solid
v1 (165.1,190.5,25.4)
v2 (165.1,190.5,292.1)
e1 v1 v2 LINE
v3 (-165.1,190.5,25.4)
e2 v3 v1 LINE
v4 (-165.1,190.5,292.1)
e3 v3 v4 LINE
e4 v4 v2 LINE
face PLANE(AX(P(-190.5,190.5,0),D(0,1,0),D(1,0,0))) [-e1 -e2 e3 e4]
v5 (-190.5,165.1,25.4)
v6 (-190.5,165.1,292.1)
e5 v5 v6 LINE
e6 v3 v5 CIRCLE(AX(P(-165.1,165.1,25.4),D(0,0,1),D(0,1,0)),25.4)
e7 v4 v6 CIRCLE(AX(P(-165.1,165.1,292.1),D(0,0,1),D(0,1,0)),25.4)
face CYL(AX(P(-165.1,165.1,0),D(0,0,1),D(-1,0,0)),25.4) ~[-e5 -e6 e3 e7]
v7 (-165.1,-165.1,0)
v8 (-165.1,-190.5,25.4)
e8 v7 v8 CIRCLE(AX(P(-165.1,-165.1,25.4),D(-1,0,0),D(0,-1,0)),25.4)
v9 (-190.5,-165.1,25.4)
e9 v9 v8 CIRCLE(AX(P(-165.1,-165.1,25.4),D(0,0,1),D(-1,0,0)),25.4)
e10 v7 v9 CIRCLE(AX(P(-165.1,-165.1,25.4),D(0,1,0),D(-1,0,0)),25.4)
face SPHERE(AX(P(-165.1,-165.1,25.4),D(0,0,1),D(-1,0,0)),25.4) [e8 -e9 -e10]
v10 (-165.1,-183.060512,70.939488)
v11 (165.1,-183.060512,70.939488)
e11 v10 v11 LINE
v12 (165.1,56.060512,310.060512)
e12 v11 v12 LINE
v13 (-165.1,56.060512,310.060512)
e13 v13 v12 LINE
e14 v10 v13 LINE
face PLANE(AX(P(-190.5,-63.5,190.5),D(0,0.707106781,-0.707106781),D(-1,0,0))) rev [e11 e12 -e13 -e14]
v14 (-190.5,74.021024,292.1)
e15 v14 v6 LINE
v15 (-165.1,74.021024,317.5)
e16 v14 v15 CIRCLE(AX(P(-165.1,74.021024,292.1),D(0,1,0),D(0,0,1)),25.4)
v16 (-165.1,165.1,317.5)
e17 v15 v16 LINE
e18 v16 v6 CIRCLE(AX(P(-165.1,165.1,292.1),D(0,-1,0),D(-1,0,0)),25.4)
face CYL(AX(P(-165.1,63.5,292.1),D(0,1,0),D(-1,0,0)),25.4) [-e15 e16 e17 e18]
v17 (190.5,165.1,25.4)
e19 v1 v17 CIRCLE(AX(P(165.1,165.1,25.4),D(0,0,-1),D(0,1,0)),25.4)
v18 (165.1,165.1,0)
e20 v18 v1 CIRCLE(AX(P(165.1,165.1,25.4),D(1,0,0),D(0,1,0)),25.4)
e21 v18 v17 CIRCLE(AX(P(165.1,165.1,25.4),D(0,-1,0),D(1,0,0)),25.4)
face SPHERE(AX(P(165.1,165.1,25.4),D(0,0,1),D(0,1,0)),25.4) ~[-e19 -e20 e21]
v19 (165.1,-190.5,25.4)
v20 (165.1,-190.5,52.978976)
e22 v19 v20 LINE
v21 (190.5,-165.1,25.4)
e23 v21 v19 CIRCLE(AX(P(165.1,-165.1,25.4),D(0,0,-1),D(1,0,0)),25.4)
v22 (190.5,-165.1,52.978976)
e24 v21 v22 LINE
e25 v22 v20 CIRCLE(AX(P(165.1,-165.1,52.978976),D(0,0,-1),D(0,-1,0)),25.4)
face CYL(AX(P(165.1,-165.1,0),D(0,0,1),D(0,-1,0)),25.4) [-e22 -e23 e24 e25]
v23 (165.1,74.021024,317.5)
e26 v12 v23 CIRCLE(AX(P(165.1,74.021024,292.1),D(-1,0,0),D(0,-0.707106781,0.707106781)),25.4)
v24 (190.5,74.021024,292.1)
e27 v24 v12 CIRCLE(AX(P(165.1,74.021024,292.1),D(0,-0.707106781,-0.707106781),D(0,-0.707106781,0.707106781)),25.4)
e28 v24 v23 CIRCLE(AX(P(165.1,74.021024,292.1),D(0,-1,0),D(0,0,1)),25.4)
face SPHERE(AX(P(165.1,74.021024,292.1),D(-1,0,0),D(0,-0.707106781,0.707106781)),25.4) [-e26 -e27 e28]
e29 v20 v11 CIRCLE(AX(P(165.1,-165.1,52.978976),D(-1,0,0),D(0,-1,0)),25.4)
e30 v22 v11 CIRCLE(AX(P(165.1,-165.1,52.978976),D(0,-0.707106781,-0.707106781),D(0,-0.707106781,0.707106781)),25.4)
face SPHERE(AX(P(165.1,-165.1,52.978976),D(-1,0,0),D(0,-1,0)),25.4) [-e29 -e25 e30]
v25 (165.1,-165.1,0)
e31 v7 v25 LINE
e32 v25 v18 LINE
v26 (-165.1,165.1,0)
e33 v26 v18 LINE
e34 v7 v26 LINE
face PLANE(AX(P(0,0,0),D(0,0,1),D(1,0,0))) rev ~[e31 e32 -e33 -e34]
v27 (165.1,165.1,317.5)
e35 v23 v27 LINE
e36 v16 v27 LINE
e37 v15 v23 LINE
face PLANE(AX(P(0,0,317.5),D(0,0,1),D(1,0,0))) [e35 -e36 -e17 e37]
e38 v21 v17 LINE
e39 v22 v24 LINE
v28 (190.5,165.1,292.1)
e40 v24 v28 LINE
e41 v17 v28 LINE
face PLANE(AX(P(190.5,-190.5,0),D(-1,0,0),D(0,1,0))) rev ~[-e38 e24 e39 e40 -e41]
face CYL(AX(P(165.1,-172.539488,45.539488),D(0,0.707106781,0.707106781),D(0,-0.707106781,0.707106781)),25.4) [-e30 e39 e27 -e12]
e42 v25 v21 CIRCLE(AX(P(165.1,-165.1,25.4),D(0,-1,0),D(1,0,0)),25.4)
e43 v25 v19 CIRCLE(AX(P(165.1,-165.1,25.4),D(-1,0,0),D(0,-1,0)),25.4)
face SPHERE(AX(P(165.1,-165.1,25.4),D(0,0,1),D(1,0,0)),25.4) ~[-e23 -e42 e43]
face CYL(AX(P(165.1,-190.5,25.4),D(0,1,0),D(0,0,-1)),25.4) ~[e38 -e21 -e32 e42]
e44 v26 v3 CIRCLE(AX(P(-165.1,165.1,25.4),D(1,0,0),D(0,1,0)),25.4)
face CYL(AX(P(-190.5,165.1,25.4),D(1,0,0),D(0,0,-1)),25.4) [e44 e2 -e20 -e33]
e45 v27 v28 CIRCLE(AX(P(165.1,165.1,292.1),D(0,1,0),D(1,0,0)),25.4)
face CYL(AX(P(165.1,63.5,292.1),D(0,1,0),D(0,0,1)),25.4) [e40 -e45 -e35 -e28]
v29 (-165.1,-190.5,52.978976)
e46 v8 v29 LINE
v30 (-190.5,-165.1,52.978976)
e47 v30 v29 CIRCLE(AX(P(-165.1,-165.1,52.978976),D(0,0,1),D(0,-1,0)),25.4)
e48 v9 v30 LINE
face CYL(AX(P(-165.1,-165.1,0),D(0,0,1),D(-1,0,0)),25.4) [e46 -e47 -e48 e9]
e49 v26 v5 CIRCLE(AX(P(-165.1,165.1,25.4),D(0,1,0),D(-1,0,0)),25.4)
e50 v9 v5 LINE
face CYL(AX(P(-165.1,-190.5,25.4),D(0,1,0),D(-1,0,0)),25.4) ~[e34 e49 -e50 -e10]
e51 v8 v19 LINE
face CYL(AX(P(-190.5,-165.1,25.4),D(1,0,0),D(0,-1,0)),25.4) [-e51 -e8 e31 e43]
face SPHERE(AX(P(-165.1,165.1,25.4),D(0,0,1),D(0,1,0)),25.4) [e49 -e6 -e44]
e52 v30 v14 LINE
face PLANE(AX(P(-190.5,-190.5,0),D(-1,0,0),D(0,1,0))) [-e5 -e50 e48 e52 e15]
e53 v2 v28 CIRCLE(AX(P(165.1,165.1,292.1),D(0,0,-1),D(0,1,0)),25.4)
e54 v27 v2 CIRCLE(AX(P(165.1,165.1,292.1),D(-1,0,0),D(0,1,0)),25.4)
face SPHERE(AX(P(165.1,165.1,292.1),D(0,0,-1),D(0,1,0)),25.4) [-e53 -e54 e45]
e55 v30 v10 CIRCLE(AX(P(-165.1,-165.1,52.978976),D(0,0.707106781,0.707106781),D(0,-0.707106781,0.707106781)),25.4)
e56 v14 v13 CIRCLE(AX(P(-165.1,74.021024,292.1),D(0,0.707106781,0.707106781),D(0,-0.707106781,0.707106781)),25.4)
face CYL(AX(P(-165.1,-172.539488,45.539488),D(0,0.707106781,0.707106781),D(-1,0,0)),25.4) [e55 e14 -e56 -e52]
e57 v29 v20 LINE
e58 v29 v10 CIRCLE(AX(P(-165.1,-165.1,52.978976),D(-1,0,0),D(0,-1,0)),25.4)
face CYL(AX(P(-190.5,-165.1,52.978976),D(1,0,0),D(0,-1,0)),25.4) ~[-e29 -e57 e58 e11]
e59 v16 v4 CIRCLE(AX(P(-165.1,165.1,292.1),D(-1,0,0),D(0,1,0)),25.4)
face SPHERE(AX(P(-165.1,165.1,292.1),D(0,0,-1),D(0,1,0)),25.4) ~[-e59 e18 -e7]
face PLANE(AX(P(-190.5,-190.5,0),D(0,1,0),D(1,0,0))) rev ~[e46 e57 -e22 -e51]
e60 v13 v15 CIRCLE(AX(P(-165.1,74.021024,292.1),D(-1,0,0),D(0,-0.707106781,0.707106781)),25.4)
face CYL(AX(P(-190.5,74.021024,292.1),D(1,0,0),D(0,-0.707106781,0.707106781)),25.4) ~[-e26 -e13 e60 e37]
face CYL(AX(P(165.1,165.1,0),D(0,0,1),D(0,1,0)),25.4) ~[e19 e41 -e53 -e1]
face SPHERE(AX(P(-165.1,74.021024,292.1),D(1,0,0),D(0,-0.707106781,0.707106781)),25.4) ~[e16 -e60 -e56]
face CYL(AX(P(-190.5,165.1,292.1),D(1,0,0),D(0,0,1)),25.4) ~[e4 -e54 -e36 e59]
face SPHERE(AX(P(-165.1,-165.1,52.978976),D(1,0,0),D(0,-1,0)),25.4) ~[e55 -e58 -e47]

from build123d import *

# Parameters (mm, degrees)
F0_W     = 381
F0_H     = 381
F1_DEPTH = 317.5
F2_SIZE  = 254
F3_R     = 25.4


with BuildPart() as f1:
    # F0 (on Top) → F1 (new body)
    with BuildSketch(Plane.XY):
        Rectangle(F0_W, F0_H)
    extrude(amount=F1_DEPTH)

    # F2
    f2_edges = [f1.edges().sort_by_distance(p)[0] for p in [
        (0, -190.5, 317.5),
    ]]
    chamfer(f2_edges, length=F2_SIZE)

    # F3
    f3_edges = [f1.edges().sort_by_distance(p)[0] for p in [
        (190.5, 190.5, 158.75),
        (-190.5, 190.5, 158.75),
        (0, 190.5, 0),
        (0, 190.5, 317.5),
        (-190.5, -190.5, 31.75),
        (-190.5, -63.5, 190.5),
        (-190.5, 0, 0),
        (-190.5, 127, 317.5),
        (190.5, 127, 317.5),
        (0, 63.5, 317.5),
        (190.5, -190.5, 31.75),
        (190.5, -63.5, 190.5),
        (190.5, 0, 0),
        (0, -190.5, 0),
        (0, -190.5, 63.5),
    ]]
    fillet(f3_edges, radius=F3_R)


solid = f1.part
